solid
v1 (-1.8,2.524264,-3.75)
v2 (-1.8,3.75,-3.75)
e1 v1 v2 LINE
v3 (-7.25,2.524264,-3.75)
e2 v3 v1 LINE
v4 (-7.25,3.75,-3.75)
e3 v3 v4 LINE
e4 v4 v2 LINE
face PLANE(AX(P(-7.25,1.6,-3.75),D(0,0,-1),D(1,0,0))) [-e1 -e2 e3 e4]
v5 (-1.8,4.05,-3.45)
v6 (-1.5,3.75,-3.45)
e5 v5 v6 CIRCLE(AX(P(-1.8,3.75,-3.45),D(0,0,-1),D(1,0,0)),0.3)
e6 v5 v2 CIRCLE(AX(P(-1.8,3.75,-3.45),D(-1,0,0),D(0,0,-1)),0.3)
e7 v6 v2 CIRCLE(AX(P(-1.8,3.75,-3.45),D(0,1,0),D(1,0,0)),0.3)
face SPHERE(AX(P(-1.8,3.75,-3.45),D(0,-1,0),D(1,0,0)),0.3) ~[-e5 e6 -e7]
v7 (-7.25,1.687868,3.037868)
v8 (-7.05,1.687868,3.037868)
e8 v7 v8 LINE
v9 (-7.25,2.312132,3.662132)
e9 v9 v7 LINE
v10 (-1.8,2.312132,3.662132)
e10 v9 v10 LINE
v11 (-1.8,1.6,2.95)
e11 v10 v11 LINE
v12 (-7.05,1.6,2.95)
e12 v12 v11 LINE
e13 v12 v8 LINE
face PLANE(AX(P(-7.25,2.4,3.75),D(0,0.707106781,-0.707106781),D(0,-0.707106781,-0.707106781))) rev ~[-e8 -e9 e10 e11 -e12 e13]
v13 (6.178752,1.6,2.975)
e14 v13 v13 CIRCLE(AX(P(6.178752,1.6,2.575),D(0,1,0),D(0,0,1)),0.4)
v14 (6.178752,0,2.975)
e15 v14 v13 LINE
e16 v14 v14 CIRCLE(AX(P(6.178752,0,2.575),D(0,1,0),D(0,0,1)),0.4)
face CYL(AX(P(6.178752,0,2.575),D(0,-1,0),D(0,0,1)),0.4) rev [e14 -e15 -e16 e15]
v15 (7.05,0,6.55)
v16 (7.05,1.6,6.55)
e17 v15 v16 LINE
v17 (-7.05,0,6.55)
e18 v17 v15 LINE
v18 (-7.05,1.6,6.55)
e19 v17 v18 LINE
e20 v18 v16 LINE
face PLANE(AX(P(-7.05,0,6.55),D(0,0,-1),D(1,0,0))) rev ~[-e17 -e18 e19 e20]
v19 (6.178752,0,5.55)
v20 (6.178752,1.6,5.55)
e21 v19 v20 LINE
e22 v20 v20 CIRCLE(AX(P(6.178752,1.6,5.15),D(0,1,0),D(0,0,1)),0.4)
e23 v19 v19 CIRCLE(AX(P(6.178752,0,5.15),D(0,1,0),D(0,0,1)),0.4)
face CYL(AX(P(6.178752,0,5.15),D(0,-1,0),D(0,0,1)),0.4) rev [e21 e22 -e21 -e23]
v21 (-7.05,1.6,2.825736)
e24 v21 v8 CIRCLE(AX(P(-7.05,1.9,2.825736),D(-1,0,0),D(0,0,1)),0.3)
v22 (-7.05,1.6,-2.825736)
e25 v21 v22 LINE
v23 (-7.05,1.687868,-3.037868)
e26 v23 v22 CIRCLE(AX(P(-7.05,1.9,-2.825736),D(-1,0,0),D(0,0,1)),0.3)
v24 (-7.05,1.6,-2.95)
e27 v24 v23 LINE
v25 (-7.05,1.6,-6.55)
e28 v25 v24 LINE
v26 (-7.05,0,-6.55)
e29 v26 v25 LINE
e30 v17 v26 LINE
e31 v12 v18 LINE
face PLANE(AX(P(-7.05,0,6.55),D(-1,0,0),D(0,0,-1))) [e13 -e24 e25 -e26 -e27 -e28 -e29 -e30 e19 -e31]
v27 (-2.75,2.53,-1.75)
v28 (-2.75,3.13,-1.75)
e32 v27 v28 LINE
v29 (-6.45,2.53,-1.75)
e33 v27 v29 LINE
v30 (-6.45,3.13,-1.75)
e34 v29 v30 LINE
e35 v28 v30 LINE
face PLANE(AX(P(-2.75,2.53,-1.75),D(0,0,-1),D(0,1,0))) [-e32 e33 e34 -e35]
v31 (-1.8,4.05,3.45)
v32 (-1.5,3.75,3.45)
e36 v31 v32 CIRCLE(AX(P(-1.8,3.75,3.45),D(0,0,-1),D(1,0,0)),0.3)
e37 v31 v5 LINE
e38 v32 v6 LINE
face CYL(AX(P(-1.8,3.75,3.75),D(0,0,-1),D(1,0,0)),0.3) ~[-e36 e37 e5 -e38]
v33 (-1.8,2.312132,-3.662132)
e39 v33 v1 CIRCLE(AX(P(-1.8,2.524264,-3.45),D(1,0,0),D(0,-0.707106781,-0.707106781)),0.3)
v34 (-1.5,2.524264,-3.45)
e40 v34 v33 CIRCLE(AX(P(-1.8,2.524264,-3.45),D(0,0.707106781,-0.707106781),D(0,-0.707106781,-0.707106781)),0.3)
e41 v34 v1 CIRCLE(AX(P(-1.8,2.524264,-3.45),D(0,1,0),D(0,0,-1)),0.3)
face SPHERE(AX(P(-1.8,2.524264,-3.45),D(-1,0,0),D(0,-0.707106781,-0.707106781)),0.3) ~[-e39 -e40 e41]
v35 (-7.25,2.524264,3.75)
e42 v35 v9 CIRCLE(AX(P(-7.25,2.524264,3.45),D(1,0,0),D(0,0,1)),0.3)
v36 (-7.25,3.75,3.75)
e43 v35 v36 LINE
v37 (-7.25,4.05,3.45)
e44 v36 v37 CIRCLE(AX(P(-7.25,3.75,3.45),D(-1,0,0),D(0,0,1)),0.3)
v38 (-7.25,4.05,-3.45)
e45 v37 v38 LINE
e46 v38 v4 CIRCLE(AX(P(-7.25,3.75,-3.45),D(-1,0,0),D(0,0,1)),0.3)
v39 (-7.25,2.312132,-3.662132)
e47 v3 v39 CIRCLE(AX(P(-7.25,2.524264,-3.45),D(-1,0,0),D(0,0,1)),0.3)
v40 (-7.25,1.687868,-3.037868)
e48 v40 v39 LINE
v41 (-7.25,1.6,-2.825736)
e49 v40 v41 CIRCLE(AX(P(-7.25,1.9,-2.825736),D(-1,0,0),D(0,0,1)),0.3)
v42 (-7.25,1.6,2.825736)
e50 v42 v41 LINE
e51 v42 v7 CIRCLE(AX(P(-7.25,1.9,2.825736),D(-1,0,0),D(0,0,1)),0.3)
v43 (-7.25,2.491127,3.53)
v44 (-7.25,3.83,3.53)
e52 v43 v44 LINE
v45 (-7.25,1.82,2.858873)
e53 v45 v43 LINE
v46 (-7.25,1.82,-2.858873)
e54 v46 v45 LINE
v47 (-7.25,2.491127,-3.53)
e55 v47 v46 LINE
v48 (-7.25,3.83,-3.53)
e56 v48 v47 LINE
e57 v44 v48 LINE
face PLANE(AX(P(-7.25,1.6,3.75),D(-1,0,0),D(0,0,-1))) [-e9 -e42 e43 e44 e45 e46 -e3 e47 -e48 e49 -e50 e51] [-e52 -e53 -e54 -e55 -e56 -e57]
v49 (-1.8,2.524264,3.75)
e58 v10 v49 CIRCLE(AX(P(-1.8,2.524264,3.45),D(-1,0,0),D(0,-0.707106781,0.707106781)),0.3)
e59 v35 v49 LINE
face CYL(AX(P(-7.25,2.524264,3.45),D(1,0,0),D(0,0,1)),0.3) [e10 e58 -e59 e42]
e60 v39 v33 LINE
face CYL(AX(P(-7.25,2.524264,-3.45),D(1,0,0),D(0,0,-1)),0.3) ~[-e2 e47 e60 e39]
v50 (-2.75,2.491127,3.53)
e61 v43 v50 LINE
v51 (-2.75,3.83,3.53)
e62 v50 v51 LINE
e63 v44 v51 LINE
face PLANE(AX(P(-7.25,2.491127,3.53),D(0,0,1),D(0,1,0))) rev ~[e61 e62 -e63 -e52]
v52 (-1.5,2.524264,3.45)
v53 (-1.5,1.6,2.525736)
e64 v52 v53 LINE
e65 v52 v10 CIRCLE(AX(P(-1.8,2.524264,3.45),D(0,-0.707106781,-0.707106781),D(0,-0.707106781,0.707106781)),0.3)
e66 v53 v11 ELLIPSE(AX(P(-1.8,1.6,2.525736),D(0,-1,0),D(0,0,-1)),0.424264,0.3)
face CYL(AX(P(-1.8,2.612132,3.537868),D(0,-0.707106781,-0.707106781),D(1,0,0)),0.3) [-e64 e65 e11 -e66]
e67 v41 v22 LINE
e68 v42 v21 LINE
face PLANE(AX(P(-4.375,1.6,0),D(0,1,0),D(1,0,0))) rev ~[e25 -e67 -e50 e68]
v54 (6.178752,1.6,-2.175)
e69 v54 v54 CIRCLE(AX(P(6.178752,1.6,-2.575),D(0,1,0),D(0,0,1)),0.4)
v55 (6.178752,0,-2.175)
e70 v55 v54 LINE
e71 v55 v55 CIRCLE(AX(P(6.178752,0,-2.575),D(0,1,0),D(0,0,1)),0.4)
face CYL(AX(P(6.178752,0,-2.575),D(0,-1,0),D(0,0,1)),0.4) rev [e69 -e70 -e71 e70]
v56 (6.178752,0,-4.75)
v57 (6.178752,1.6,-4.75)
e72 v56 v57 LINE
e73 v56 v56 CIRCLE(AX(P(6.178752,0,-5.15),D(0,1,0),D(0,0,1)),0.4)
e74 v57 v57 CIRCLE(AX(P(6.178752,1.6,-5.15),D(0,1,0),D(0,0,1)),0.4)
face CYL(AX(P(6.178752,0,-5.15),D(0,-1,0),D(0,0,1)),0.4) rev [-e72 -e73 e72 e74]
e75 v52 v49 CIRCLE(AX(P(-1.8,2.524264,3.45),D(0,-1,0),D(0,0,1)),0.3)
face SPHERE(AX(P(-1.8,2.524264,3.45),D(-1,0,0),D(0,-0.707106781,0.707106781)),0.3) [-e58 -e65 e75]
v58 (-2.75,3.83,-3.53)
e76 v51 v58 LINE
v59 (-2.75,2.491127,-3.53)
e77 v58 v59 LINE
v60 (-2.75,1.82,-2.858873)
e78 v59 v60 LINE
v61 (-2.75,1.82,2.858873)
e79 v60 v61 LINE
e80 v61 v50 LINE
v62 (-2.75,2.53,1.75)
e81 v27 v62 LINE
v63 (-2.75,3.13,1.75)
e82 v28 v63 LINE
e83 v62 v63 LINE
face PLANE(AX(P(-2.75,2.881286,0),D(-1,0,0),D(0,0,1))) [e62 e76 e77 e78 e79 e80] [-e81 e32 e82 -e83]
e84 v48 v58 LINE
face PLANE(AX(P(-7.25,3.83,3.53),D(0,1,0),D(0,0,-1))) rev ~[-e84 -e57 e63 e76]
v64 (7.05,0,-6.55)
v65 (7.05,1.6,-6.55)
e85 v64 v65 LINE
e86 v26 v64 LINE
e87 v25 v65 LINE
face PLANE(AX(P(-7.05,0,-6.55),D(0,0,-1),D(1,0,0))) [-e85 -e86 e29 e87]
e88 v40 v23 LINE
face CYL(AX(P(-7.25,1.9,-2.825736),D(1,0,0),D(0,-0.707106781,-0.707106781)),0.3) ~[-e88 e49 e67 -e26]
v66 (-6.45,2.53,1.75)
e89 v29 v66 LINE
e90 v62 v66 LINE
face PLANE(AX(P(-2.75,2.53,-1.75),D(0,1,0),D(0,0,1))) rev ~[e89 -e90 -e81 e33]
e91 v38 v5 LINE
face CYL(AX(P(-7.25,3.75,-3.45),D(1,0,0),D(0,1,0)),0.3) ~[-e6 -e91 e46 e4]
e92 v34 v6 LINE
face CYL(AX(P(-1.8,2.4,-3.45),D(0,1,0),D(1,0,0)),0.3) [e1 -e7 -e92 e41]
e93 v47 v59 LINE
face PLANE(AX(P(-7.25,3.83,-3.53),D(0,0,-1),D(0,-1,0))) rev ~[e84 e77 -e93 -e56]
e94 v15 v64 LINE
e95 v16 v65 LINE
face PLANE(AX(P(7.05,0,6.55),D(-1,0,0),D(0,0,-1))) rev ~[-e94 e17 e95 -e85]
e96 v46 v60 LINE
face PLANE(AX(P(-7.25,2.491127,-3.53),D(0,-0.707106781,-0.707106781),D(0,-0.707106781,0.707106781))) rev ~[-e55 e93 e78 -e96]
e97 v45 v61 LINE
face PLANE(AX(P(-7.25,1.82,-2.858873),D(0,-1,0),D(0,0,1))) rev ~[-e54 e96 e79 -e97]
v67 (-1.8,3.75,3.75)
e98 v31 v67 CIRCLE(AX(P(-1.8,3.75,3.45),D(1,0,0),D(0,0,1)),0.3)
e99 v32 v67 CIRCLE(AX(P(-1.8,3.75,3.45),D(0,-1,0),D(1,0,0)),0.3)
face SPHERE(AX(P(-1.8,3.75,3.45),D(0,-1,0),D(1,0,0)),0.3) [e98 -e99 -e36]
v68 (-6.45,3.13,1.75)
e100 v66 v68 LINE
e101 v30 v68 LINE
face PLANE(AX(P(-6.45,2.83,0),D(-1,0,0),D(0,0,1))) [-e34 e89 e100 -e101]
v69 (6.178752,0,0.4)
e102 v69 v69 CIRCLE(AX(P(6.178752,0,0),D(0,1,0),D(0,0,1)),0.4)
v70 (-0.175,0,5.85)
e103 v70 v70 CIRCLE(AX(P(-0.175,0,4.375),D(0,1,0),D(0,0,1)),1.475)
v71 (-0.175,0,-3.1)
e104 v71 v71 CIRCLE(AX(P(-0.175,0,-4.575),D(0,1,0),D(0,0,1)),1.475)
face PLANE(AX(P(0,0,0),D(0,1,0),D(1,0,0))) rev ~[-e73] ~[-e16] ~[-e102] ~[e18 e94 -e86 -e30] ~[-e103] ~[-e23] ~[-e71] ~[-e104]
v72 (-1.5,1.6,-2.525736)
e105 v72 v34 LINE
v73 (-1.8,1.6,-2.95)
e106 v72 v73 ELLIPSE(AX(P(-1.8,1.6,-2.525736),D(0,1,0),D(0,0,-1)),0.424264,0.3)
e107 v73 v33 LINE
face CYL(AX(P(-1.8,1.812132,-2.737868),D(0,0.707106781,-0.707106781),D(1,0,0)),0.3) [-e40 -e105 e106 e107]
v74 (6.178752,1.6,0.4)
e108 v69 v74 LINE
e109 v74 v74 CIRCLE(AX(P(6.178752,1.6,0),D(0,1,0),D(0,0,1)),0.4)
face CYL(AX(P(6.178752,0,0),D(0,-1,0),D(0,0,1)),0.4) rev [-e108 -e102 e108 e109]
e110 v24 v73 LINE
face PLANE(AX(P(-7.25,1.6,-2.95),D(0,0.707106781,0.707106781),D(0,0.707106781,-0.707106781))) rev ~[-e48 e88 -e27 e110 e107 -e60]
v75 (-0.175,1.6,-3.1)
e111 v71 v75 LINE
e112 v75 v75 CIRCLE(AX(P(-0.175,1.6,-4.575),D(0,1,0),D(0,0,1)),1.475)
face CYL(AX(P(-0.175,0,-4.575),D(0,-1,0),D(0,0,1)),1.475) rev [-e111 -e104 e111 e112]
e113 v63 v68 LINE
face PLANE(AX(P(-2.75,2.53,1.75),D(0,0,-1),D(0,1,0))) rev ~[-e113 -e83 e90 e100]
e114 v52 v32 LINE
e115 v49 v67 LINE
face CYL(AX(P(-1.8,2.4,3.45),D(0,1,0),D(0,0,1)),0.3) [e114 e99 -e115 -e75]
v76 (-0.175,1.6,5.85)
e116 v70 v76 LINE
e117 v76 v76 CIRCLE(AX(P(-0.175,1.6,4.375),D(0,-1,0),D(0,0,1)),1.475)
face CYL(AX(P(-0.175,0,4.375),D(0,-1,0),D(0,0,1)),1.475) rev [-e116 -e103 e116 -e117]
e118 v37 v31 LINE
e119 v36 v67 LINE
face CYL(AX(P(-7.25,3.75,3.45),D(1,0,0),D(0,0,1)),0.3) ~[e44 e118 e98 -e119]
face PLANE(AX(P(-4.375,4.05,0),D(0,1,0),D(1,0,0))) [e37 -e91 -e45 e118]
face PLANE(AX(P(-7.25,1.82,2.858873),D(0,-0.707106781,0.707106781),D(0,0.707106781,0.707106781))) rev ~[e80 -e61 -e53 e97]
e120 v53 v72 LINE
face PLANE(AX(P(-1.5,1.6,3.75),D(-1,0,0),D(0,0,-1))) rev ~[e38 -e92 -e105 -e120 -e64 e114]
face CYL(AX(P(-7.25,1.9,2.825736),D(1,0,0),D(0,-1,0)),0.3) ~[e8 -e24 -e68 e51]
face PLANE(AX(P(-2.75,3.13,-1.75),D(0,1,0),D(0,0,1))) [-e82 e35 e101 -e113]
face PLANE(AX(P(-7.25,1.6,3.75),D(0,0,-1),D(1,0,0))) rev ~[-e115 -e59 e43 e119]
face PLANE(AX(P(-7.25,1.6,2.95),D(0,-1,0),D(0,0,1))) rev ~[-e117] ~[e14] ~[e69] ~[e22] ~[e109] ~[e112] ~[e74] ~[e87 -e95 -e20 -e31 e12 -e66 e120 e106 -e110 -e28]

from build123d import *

# Parameters (mm, degrees)
ESQUISSE1_W             = 14.1
ESQUISSE1_H             = 13.1
ESQUISSE1_R             = 1.475
ESQUISSE1_R_2           = 0.4
BOSS_EXTRU_1_DEPTH      = 1.6
ESQUISSE2_W             = 5.75
ESQUISSE2_H             = 7.5
BOSS_EXTRU_2_DEPTH      = 2.45
ENL_V_MAT_EXTRU_1_DEPTH = 5.75
CONG_1_R                = 0.3
ENL_V_MAT_EXTRU_2_DEPTH = 4.5
ESQUISSE5_W             = 3.5
ESQUISSE5_H             = 0.6
BOSS_EXTRU_3_DEPTH      = 3.7


with BuildPart() as part:
    # Esquisse1 → Boss.-Extru.1 (new body)
    with BuildSketch(Plane(origin=(0, 0, 0), x_dir=(1, 0, 0), z_dir=(0, 1, 0))):
        Rectangle(ESQUISSE1_W, ESQUISSE1_H)
        with Locations(Location((-0.175, -4.375, 0), (0, 0, 270))):
            Circle(ESQUISSE1_R, mode=Mode.SUBTRACT)
        with Locations(Location((-0.175, 4.575, 0), (0, 0, 270))):
            Circle(ESQUISSE1_R, mode=Mode.SUBTRACT)
        with Locations(Location((6.178751871, -5.15, 0), (0, 0, 270))):
            Circle(ESQUISSE1_R_2, mode=Mode.SUBTRACT)
        with Locations(Location((6.178751871, -2.575, 0), (0, 0, 270))):
            Circle(ESQUISSE1_R_2, mode=Mode.SUBTRACT)
        with Locations(Location((6.178751871, 0, 0), (0, 0, 270))):
            Circle(ESQUISSE1_R_2, mode=Mode.SUBTRACT)
        with Locations(Location((6.178751871, 2.575, 0), (0, 0, 270))):
            Circle(ESQUISSE1_R_2, mode=Mode.SUBTRACT)
        with Locations(Location((6.178751871, 5.15, 0), (0, 0, 270))):
            Circle(ESQUISSE1_R_2, mode=Mode.SUBTRACT)
    extrude(amount=BOSS_EXTRU_1_DEPTH)

    # Esquisse2 → Boss.-Extru.2 (add)
    with BuildSketch(Plane(origin=(0, 1.6, 0), x_dir=(1, 0, 0), z_dir=(0, 1, 0))):
        with Locations((-4.375, 0)):
            Rectangle(ESQUISSE2_W, ESQUISSE2_H)
    extrude(amount=BOSS_EXTRU_2_DEPTH)

    # Esquisse3 → Enlèv. mat.-Extru.1 (cut)
    with BuildSketch(Plane.ZY.offset(7.25)):
        Polygon((-3.75, 1.6), (-2.95, 1.6), (-3.75, 2.4), align=None)
        Polygon((2.95, 1.6), (3.75, 1.6), (3.75, 2.4), align=None)
    extrude(amount=-ENL_V_MAT_EXTRU_1_DEPTH, mode=Mode.SUBTRACT)

    # Congé1
    cong_1_edges = [part.edges().sort_by_distance(p)[0] for p in [
        (-1.5, 2, 3.35),
        (-1.5, 3.225, 3.75),
        (-1.5, 2, -3.35),
        (-1.5, 3.225, -3.75),
        (-1.5, 4.05, 0),
        (-7.15, 1.6, 2.95),
        (-7.15, 1.6, -2.95),
        (-4.375, 2.4, -3.75),
        (-4.375, 2.4, 3.75),
        (-4.375, 4.05, -3.75),
        (-4.375, 4.05, 3.75),
    ]]
    fillet(cong_1_edges, radius=CONG_1_R)

    # Esquisse4 → Enlèv. mat.-Extru.2 (cut)
    with BuildSketch(Plane.ZY.offset(7.25)):
        Polygon((-3.53, 3.83), (-3.53, 2.491126984), (-2.858873016, 1.82), (2.858873016, 1.82), (3.53, 2.491126984), (3.53, 3.83), align=None)
    extrude(amount=-ENL_V_MAT_EXTRU_2_DEPTH, mode=Mode.SUBTRACT)

    # Esquisse5 → Boss.-Extru.3 (add)
    with BuildSketch(Plane.ZY.offset(2.75)):
        with Locations((0, 2.83)):
            Rectangle(ESQUISSE5_W, ESQUISSE5_H)
    extrude(amount=BOSS_EXTRU_3_DEPTH)


solid = part.part
